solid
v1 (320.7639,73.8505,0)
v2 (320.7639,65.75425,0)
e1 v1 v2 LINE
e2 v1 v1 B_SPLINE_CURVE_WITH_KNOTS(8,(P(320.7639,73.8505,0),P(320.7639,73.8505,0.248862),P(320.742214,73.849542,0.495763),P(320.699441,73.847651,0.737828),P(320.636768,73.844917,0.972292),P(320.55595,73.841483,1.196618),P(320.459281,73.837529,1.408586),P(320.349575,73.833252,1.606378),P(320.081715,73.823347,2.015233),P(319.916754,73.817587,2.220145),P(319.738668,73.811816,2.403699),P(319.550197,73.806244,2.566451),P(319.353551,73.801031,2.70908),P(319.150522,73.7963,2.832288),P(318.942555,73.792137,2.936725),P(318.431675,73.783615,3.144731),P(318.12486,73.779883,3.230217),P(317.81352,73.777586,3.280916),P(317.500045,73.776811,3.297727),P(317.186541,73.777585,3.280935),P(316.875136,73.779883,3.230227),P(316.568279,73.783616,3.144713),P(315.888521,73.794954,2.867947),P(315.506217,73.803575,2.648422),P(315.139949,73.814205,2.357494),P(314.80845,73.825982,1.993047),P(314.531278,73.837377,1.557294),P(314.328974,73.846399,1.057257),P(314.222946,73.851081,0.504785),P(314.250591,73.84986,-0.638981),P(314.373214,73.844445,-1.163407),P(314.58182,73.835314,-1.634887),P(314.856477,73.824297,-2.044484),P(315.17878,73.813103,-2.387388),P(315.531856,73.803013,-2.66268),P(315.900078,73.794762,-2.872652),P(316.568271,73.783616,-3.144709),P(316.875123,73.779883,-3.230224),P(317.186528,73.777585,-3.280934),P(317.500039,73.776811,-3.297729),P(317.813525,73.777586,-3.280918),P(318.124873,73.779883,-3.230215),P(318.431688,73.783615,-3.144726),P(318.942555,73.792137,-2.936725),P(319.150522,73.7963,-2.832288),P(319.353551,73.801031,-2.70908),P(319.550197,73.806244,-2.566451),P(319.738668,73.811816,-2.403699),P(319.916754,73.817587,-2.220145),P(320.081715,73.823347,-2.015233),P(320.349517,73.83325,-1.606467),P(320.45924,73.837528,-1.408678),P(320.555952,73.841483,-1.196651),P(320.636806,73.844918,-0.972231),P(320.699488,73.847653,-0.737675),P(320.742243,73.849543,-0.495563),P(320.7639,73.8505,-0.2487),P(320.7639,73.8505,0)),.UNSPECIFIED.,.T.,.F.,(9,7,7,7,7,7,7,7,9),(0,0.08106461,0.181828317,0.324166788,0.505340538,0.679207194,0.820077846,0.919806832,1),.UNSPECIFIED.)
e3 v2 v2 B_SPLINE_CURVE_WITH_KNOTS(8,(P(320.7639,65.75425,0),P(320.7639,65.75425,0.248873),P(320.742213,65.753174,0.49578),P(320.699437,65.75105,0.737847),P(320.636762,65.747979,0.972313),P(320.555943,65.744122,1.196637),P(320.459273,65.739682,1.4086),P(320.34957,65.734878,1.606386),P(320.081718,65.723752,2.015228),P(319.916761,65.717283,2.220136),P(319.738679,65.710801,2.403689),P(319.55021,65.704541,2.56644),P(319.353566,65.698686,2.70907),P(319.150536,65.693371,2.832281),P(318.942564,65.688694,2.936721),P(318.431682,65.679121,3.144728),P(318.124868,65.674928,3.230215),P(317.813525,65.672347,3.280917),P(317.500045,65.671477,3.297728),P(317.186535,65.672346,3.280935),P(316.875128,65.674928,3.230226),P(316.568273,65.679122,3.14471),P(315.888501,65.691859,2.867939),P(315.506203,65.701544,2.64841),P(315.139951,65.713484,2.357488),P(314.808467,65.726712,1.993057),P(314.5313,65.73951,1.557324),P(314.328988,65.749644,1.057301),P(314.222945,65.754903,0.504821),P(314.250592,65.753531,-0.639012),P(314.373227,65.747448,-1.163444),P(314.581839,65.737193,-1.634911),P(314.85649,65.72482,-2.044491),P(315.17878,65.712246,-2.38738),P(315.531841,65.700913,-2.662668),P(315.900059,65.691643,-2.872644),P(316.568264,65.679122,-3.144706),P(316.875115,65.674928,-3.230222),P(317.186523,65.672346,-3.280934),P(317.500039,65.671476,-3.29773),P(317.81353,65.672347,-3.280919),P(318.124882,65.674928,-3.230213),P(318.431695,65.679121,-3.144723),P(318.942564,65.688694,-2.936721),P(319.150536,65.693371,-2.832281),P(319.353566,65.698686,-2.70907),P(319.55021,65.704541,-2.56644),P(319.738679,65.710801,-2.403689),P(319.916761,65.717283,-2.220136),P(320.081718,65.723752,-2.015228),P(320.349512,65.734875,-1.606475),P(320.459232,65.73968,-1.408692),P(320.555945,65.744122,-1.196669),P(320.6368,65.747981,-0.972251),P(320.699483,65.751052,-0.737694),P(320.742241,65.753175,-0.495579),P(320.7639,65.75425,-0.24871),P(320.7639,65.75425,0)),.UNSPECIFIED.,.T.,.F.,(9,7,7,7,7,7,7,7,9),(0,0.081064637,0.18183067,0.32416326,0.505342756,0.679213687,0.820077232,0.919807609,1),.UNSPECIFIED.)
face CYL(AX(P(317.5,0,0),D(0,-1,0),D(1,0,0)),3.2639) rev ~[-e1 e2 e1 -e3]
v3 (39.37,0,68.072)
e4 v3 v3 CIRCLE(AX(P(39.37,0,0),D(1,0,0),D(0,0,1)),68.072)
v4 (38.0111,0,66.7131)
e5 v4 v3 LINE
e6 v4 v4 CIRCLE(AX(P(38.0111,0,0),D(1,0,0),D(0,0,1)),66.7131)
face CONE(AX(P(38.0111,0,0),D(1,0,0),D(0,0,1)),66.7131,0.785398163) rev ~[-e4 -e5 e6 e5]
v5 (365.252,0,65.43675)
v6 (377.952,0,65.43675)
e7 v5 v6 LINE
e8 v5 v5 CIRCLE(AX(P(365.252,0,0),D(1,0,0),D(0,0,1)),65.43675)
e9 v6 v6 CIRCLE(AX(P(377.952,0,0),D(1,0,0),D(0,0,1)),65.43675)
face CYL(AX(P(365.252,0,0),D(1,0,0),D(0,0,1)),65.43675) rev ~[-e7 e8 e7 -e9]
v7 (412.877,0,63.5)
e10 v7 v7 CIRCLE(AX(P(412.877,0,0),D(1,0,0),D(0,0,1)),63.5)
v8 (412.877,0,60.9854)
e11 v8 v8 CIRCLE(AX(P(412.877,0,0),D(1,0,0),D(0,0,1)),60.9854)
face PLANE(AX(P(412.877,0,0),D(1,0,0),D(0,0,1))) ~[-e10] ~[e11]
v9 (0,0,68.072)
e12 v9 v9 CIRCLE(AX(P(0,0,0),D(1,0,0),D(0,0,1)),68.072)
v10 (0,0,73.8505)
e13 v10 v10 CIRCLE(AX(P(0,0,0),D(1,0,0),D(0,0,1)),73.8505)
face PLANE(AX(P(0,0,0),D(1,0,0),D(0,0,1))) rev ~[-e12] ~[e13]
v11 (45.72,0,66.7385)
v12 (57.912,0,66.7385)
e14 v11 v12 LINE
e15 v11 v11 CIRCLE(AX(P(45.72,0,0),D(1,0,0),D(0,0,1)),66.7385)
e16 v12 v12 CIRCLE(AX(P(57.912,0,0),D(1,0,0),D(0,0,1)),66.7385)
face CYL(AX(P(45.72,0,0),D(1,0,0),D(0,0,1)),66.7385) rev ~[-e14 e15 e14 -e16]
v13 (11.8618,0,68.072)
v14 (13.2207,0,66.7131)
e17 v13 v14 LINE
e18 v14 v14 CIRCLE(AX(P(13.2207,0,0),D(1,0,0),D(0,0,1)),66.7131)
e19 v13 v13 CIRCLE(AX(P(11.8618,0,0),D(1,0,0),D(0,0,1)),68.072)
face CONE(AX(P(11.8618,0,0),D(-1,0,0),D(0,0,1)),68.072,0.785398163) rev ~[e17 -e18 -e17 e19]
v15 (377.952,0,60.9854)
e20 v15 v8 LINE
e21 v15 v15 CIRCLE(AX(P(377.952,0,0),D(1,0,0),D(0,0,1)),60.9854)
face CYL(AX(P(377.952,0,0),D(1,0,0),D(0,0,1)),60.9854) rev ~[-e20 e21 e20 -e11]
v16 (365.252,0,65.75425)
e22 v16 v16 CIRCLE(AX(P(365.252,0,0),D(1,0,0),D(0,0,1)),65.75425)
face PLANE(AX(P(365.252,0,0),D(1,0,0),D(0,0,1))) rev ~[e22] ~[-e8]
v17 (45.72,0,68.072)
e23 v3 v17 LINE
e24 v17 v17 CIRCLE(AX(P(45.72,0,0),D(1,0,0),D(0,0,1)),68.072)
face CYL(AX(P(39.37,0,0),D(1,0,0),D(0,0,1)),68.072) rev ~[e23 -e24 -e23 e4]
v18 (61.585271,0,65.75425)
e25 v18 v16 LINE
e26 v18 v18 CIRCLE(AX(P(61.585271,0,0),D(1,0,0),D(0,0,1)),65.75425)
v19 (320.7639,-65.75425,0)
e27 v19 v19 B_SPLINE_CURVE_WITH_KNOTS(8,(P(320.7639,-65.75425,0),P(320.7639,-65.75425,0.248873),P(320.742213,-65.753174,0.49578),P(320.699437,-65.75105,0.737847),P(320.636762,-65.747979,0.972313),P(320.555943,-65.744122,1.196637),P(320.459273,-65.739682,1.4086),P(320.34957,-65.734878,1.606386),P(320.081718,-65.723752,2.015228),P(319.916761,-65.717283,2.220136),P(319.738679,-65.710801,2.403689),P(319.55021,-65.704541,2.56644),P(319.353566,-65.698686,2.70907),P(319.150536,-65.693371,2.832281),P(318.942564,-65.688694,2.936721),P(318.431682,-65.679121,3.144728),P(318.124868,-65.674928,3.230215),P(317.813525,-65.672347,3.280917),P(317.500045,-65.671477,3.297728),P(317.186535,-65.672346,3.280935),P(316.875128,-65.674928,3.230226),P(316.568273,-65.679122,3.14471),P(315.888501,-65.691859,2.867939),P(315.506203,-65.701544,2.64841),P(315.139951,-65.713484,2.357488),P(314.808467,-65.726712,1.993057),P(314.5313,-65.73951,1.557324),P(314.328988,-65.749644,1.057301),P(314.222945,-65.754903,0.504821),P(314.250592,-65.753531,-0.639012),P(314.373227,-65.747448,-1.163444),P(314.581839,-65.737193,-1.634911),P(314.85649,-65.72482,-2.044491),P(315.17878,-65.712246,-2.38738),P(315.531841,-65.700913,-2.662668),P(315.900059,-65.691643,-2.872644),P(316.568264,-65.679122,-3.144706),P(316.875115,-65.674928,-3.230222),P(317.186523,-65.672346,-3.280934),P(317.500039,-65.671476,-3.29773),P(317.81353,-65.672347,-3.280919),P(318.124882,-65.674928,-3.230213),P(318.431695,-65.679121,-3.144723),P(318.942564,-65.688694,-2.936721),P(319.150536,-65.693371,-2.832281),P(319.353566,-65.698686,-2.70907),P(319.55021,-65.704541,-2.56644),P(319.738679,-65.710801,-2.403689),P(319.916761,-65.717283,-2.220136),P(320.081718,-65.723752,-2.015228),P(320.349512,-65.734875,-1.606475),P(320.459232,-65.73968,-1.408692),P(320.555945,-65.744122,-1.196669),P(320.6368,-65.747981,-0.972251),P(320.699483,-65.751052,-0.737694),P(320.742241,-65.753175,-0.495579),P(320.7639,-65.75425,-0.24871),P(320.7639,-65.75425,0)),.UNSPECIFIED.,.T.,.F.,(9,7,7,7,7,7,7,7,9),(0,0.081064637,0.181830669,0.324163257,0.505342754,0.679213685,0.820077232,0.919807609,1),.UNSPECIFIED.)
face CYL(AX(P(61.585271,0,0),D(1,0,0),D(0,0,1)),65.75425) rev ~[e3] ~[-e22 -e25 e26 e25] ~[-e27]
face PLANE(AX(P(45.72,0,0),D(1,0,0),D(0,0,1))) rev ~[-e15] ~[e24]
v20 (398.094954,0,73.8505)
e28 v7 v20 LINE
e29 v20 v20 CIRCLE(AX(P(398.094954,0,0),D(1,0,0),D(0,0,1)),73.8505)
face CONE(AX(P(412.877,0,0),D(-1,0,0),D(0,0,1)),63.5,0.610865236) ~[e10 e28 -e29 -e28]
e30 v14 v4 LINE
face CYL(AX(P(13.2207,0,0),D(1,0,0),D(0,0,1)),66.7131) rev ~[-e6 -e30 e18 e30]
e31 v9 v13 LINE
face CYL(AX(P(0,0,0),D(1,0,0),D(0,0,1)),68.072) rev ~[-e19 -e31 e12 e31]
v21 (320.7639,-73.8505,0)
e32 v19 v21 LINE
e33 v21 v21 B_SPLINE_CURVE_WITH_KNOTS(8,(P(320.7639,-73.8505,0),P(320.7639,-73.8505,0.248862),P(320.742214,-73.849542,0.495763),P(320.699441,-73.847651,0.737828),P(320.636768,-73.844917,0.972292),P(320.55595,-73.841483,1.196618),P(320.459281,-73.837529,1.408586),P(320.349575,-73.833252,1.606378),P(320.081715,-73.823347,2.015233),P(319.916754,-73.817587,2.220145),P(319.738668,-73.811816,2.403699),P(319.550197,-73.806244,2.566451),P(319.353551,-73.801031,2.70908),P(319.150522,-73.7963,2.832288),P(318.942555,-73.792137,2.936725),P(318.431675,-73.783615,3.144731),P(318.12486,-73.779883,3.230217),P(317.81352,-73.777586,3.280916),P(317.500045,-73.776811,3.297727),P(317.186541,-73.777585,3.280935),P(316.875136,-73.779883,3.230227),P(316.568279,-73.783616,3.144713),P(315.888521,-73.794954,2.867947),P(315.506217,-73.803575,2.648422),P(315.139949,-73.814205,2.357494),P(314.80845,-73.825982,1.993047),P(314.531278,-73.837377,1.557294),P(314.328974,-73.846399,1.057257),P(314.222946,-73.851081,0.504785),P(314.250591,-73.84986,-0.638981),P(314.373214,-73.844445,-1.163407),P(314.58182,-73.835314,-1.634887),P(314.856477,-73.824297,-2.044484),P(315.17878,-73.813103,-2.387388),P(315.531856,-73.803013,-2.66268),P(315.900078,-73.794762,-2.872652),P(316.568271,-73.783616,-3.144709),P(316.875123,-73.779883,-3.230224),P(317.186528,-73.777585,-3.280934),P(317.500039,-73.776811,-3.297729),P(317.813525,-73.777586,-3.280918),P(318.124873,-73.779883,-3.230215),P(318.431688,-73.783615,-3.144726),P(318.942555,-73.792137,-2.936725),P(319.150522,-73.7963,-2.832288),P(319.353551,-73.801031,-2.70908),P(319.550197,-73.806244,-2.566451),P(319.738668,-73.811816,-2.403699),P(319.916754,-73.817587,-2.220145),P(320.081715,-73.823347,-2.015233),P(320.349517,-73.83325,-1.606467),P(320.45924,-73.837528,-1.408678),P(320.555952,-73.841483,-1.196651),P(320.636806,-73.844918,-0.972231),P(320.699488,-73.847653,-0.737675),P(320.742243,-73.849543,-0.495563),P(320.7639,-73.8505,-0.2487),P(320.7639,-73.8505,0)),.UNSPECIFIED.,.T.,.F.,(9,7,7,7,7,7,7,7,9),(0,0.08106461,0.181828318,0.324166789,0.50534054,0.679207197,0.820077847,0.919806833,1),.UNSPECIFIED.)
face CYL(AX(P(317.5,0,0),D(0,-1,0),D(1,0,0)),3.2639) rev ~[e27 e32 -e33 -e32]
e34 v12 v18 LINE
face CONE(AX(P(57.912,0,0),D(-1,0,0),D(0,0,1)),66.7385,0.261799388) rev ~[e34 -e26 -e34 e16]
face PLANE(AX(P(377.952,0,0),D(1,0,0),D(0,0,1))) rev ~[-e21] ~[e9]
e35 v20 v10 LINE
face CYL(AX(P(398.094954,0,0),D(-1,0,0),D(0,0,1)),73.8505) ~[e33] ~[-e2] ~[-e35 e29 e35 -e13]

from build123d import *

# Parameters (mm, degrees)
F2_R     = 3.2639
F3_DEPTH = 76.2


with BuildPart() as f1:
    # F0 (on Front) → F1 (revolve)
    with BuildSketch(Plane.XZ):
        Polygon((0, 73.8505), (0, 68.072), (11.8618, 68.072), (13.2207, 66.7131), (38.0111, 66.7131), (39.37, 68.072), (45.72, 68.072), (45.72, 66.7385), (57.912, 66.7385), (61.585271, 65.75425), (365.252, 65.75425), (365.252, 65.43675), (377.952, 65.43675), (377.952, 60.9854), (412.877, 60.9854), (412.877, 63.5), (398.094954, 73.8505), align=None)
    revolve(axis=Axis((206.4385, 0, 0), (1, 0, 0)))

    # F2 (on Front) → F3 (cut, symmetric)
    with BuildSketch(Plane.XZ):
        with Locations((317.5, 0)):
            Circle(F2_R)
    extrude(amount=F3_DEPTH, both=True, mode=Mode.SUBTRACT)


solid = f1.part
